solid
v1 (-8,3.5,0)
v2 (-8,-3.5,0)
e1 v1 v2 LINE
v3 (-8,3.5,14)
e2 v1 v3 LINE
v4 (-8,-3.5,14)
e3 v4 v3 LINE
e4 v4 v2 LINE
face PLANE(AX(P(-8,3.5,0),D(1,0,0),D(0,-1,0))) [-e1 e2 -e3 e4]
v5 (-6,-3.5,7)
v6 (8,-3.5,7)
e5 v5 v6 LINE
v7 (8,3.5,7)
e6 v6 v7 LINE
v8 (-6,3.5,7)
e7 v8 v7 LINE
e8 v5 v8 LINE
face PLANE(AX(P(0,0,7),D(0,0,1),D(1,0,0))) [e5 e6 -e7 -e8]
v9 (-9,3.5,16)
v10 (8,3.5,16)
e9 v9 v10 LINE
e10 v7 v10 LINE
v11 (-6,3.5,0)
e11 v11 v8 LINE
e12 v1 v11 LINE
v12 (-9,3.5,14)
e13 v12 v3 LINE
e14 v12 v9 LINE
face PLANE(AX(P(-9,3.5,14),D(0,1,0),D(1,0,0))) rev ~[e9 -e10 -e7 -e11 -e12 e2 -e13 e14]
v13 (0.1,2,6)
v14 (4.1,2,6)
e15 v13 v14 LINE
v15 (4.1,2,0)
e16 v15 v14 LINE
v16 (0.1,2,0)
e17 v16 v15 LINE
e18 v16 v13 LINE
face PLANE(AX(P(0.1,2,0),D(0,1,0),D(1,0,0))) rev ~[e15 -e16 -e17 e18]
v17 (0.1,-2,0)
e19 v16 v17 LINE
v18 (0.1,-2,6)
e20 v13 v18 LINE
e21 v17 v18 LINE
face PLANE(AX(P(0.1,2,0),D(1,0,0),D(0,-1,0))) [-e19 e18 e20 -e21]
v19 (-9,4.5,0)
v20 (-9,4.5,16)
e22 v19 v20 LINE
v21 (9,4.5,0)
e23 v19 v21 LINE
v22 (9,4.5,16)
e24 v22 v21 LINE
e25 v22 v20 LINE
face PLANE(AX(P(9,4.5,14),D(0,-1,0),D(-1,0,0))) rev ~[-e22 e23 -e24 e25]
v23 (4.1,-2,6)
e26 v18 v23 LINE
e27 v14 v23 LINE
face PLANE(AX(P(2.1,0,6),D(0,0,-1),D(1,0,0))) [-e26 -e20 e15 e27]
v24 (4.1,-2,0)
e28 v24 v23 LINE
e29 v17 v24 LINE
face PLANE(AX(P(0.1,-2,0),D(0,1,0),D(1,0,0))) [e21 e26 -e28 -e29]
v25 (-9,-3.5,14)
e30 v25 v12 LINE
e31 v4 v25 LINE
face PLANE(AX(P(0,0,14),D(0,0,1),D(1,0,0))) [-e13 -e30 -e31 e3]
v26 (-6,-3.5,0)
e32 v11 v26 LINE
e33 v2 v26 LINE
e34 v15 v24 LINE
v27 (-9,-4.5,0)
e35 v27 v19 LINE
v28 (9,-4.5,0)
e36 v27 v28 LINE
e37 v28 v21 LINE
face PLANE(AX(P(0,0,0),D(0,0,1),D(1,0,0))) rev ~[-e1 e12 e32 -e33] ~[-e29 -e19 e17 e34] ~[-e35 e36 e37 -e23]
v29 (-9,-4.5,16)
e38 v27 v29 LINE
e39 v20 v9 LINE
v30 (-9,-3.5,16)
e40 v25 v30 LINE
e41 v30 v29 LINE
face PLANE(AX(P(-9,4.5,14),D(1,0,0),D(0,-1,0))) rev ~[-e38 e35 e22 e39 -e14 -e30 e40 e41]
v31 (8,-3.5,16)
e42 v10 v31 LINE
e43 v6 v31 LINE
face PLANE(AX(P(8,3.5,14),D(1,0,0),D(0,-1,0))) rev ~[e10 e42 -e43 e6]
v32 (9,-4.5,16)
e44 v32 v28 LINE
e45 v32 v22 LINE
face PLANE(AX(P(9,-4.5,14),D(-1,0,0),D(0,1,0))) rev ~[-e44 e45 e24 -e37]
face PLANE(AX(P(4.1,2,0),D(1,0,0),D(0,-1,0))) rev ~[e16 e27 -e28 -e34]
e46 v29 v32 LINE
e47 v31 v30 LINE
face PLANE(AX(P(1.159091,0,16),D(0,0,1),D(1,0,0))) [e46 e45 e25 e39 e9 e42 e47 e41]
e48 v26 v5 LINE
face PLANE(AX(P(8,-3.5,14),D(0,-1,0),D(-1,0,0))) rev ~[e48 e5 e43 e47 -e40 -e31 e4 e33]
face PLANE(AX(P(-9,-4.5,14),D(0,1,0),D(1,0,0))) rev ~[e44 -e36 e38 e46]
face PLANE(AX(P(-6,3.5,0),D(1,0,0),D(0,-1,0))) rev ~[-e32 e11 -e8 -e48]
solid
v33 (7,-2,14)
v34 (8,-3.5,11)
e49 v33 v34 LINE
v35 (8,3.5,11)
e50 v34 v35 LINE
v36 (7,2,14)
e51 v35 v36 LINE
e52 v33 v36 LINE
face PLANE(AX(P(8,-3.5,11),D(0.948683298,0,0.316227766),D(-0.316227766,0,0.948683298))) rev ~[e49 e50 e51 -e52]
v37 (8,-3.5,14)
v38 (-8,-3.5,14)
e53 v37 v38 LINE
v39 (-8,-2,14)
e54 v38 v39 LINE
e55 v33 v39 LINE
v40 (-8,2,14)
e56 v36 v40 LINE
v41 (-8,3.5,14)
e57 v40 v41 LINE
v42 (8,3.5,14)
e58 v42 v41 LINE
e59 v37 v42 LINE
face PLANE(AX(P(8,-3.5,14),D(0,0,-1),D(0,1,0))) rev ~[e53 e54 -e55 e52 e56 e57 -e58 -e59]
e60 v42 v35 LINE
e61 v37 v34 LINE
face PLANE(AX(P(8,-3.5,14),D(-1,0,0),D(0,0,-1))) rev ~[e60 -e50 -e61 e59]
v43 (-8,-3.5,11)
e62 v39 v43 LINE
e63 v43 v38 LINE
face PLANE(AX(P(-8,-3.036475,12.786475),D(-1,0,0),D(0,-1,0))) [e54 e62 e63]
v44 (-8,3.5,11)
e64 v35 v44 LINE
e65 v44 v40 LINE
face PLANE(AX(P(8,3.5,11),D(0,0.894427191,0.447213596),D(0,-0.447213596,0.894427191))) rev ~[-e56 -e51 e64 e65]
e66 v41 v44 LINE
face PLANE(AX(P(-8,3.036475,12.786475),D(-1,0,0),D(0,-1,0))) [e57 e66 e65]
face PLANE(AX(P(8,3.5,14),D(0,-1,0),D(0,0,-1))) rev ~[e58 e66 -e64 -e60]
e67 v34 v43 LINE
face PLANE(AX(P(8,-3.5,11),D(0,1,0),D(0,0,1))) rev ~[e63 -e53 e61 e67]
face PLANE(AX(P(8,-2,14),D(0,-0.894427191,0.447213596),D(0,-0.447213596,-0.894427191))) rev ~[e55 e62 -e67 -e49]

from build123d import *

# Parameters (mm, degrees)
F0_W      = 18
F0_H      = 9
F1_DEPTH  = 14
F2_W      = 16
F2_H      = 7
F3_DEPTH  = 7
F4_W      = 4
F4_H      = 4
F5_DEPTH  = 6
F4_W_2    = 2
F4_H_2    = 7
F6_DEPTH  = 9
F8_DEPTH  = 2
F10_DEPTH = 7
F12_DEPTH = 16


with BuildPart() as f1:
    # F0 (on Top) → F1 (new body)
    with BuildSketch(Plane.XY):
        Rectangle(F0_W, F0_H)
    extrude(amount=F1_DEPTH)

    # F2 (on face) → F3 (cut)
    with BuildSketch(Plane.XY.offset(14)):
        Rectangle(F2_W, F2_H)
    extrude(amount=-F3_DEPTH, mode=Mode.SUBTRACT)

    # F4 (on face) → F5 (cut)
    with BuildSketch(Plane(origin=(0, 0, 0), x_dir=(1, 0, 0), z_dir=(0, 0, -1))):
        with Locations((2.1, 0)):
            Rectangle(F4_W, F4_H)
    extrude(amount=-F5_DEPTH, mode=Mode.SUBTRACT)

    # F4 (on face) → F6 (cut)
    with BuildSketch(Plane(origin=(0, 0, 0), x_dir=(1, 0, 0), z_dir=(0, 0, -1))):
        with Locations((-7, 0)):
            Rectangle(F4_W_2, F4_H_2)
    extrude(amount=-F6_DEPTH, mode=Mode.SUBTRACT)

    # F7 (on face) → F8 (join)
    with BuildSketch(Plane.XY.offset(14)):
        Polygon((9, 4.5), (-9, 4.5), (-9, 3.5), (8, 3.5), (8, -3.5), (-9, -3.5), (-9, -4.5), (9, -4.5), align=None)
    extrude(amount=F8_DEPTH)


with BuildPart() as f10:
    # F9 (on face) → F10 (new body)
    with BuildSketch(Plane(origin=(0, -3.5, 0), x_dir=(-1, 0, 0), z_dir=(0, 1, 0))):
        Polygon((-7, 14), (-8, 14), (-8, 11), align=None)
    extrude(amount=F10_DEPTH)

    # F11 (on face) → F12 (join)
    with BuildSketch(Plane(origin=(8, 0, 0), x_dir=(0, -1, 0), z_dir=(-1, 0, 0))):
        Polygon((3.5, 11), (3.5, 14), (2, 14), align=None)
        Polygon((-3.5, 11), (-2, 14), (-3.5, 14), align=None)
    extrude(amount=F12_DEPTH)


solid = Compound([f1.part, f10.part])
